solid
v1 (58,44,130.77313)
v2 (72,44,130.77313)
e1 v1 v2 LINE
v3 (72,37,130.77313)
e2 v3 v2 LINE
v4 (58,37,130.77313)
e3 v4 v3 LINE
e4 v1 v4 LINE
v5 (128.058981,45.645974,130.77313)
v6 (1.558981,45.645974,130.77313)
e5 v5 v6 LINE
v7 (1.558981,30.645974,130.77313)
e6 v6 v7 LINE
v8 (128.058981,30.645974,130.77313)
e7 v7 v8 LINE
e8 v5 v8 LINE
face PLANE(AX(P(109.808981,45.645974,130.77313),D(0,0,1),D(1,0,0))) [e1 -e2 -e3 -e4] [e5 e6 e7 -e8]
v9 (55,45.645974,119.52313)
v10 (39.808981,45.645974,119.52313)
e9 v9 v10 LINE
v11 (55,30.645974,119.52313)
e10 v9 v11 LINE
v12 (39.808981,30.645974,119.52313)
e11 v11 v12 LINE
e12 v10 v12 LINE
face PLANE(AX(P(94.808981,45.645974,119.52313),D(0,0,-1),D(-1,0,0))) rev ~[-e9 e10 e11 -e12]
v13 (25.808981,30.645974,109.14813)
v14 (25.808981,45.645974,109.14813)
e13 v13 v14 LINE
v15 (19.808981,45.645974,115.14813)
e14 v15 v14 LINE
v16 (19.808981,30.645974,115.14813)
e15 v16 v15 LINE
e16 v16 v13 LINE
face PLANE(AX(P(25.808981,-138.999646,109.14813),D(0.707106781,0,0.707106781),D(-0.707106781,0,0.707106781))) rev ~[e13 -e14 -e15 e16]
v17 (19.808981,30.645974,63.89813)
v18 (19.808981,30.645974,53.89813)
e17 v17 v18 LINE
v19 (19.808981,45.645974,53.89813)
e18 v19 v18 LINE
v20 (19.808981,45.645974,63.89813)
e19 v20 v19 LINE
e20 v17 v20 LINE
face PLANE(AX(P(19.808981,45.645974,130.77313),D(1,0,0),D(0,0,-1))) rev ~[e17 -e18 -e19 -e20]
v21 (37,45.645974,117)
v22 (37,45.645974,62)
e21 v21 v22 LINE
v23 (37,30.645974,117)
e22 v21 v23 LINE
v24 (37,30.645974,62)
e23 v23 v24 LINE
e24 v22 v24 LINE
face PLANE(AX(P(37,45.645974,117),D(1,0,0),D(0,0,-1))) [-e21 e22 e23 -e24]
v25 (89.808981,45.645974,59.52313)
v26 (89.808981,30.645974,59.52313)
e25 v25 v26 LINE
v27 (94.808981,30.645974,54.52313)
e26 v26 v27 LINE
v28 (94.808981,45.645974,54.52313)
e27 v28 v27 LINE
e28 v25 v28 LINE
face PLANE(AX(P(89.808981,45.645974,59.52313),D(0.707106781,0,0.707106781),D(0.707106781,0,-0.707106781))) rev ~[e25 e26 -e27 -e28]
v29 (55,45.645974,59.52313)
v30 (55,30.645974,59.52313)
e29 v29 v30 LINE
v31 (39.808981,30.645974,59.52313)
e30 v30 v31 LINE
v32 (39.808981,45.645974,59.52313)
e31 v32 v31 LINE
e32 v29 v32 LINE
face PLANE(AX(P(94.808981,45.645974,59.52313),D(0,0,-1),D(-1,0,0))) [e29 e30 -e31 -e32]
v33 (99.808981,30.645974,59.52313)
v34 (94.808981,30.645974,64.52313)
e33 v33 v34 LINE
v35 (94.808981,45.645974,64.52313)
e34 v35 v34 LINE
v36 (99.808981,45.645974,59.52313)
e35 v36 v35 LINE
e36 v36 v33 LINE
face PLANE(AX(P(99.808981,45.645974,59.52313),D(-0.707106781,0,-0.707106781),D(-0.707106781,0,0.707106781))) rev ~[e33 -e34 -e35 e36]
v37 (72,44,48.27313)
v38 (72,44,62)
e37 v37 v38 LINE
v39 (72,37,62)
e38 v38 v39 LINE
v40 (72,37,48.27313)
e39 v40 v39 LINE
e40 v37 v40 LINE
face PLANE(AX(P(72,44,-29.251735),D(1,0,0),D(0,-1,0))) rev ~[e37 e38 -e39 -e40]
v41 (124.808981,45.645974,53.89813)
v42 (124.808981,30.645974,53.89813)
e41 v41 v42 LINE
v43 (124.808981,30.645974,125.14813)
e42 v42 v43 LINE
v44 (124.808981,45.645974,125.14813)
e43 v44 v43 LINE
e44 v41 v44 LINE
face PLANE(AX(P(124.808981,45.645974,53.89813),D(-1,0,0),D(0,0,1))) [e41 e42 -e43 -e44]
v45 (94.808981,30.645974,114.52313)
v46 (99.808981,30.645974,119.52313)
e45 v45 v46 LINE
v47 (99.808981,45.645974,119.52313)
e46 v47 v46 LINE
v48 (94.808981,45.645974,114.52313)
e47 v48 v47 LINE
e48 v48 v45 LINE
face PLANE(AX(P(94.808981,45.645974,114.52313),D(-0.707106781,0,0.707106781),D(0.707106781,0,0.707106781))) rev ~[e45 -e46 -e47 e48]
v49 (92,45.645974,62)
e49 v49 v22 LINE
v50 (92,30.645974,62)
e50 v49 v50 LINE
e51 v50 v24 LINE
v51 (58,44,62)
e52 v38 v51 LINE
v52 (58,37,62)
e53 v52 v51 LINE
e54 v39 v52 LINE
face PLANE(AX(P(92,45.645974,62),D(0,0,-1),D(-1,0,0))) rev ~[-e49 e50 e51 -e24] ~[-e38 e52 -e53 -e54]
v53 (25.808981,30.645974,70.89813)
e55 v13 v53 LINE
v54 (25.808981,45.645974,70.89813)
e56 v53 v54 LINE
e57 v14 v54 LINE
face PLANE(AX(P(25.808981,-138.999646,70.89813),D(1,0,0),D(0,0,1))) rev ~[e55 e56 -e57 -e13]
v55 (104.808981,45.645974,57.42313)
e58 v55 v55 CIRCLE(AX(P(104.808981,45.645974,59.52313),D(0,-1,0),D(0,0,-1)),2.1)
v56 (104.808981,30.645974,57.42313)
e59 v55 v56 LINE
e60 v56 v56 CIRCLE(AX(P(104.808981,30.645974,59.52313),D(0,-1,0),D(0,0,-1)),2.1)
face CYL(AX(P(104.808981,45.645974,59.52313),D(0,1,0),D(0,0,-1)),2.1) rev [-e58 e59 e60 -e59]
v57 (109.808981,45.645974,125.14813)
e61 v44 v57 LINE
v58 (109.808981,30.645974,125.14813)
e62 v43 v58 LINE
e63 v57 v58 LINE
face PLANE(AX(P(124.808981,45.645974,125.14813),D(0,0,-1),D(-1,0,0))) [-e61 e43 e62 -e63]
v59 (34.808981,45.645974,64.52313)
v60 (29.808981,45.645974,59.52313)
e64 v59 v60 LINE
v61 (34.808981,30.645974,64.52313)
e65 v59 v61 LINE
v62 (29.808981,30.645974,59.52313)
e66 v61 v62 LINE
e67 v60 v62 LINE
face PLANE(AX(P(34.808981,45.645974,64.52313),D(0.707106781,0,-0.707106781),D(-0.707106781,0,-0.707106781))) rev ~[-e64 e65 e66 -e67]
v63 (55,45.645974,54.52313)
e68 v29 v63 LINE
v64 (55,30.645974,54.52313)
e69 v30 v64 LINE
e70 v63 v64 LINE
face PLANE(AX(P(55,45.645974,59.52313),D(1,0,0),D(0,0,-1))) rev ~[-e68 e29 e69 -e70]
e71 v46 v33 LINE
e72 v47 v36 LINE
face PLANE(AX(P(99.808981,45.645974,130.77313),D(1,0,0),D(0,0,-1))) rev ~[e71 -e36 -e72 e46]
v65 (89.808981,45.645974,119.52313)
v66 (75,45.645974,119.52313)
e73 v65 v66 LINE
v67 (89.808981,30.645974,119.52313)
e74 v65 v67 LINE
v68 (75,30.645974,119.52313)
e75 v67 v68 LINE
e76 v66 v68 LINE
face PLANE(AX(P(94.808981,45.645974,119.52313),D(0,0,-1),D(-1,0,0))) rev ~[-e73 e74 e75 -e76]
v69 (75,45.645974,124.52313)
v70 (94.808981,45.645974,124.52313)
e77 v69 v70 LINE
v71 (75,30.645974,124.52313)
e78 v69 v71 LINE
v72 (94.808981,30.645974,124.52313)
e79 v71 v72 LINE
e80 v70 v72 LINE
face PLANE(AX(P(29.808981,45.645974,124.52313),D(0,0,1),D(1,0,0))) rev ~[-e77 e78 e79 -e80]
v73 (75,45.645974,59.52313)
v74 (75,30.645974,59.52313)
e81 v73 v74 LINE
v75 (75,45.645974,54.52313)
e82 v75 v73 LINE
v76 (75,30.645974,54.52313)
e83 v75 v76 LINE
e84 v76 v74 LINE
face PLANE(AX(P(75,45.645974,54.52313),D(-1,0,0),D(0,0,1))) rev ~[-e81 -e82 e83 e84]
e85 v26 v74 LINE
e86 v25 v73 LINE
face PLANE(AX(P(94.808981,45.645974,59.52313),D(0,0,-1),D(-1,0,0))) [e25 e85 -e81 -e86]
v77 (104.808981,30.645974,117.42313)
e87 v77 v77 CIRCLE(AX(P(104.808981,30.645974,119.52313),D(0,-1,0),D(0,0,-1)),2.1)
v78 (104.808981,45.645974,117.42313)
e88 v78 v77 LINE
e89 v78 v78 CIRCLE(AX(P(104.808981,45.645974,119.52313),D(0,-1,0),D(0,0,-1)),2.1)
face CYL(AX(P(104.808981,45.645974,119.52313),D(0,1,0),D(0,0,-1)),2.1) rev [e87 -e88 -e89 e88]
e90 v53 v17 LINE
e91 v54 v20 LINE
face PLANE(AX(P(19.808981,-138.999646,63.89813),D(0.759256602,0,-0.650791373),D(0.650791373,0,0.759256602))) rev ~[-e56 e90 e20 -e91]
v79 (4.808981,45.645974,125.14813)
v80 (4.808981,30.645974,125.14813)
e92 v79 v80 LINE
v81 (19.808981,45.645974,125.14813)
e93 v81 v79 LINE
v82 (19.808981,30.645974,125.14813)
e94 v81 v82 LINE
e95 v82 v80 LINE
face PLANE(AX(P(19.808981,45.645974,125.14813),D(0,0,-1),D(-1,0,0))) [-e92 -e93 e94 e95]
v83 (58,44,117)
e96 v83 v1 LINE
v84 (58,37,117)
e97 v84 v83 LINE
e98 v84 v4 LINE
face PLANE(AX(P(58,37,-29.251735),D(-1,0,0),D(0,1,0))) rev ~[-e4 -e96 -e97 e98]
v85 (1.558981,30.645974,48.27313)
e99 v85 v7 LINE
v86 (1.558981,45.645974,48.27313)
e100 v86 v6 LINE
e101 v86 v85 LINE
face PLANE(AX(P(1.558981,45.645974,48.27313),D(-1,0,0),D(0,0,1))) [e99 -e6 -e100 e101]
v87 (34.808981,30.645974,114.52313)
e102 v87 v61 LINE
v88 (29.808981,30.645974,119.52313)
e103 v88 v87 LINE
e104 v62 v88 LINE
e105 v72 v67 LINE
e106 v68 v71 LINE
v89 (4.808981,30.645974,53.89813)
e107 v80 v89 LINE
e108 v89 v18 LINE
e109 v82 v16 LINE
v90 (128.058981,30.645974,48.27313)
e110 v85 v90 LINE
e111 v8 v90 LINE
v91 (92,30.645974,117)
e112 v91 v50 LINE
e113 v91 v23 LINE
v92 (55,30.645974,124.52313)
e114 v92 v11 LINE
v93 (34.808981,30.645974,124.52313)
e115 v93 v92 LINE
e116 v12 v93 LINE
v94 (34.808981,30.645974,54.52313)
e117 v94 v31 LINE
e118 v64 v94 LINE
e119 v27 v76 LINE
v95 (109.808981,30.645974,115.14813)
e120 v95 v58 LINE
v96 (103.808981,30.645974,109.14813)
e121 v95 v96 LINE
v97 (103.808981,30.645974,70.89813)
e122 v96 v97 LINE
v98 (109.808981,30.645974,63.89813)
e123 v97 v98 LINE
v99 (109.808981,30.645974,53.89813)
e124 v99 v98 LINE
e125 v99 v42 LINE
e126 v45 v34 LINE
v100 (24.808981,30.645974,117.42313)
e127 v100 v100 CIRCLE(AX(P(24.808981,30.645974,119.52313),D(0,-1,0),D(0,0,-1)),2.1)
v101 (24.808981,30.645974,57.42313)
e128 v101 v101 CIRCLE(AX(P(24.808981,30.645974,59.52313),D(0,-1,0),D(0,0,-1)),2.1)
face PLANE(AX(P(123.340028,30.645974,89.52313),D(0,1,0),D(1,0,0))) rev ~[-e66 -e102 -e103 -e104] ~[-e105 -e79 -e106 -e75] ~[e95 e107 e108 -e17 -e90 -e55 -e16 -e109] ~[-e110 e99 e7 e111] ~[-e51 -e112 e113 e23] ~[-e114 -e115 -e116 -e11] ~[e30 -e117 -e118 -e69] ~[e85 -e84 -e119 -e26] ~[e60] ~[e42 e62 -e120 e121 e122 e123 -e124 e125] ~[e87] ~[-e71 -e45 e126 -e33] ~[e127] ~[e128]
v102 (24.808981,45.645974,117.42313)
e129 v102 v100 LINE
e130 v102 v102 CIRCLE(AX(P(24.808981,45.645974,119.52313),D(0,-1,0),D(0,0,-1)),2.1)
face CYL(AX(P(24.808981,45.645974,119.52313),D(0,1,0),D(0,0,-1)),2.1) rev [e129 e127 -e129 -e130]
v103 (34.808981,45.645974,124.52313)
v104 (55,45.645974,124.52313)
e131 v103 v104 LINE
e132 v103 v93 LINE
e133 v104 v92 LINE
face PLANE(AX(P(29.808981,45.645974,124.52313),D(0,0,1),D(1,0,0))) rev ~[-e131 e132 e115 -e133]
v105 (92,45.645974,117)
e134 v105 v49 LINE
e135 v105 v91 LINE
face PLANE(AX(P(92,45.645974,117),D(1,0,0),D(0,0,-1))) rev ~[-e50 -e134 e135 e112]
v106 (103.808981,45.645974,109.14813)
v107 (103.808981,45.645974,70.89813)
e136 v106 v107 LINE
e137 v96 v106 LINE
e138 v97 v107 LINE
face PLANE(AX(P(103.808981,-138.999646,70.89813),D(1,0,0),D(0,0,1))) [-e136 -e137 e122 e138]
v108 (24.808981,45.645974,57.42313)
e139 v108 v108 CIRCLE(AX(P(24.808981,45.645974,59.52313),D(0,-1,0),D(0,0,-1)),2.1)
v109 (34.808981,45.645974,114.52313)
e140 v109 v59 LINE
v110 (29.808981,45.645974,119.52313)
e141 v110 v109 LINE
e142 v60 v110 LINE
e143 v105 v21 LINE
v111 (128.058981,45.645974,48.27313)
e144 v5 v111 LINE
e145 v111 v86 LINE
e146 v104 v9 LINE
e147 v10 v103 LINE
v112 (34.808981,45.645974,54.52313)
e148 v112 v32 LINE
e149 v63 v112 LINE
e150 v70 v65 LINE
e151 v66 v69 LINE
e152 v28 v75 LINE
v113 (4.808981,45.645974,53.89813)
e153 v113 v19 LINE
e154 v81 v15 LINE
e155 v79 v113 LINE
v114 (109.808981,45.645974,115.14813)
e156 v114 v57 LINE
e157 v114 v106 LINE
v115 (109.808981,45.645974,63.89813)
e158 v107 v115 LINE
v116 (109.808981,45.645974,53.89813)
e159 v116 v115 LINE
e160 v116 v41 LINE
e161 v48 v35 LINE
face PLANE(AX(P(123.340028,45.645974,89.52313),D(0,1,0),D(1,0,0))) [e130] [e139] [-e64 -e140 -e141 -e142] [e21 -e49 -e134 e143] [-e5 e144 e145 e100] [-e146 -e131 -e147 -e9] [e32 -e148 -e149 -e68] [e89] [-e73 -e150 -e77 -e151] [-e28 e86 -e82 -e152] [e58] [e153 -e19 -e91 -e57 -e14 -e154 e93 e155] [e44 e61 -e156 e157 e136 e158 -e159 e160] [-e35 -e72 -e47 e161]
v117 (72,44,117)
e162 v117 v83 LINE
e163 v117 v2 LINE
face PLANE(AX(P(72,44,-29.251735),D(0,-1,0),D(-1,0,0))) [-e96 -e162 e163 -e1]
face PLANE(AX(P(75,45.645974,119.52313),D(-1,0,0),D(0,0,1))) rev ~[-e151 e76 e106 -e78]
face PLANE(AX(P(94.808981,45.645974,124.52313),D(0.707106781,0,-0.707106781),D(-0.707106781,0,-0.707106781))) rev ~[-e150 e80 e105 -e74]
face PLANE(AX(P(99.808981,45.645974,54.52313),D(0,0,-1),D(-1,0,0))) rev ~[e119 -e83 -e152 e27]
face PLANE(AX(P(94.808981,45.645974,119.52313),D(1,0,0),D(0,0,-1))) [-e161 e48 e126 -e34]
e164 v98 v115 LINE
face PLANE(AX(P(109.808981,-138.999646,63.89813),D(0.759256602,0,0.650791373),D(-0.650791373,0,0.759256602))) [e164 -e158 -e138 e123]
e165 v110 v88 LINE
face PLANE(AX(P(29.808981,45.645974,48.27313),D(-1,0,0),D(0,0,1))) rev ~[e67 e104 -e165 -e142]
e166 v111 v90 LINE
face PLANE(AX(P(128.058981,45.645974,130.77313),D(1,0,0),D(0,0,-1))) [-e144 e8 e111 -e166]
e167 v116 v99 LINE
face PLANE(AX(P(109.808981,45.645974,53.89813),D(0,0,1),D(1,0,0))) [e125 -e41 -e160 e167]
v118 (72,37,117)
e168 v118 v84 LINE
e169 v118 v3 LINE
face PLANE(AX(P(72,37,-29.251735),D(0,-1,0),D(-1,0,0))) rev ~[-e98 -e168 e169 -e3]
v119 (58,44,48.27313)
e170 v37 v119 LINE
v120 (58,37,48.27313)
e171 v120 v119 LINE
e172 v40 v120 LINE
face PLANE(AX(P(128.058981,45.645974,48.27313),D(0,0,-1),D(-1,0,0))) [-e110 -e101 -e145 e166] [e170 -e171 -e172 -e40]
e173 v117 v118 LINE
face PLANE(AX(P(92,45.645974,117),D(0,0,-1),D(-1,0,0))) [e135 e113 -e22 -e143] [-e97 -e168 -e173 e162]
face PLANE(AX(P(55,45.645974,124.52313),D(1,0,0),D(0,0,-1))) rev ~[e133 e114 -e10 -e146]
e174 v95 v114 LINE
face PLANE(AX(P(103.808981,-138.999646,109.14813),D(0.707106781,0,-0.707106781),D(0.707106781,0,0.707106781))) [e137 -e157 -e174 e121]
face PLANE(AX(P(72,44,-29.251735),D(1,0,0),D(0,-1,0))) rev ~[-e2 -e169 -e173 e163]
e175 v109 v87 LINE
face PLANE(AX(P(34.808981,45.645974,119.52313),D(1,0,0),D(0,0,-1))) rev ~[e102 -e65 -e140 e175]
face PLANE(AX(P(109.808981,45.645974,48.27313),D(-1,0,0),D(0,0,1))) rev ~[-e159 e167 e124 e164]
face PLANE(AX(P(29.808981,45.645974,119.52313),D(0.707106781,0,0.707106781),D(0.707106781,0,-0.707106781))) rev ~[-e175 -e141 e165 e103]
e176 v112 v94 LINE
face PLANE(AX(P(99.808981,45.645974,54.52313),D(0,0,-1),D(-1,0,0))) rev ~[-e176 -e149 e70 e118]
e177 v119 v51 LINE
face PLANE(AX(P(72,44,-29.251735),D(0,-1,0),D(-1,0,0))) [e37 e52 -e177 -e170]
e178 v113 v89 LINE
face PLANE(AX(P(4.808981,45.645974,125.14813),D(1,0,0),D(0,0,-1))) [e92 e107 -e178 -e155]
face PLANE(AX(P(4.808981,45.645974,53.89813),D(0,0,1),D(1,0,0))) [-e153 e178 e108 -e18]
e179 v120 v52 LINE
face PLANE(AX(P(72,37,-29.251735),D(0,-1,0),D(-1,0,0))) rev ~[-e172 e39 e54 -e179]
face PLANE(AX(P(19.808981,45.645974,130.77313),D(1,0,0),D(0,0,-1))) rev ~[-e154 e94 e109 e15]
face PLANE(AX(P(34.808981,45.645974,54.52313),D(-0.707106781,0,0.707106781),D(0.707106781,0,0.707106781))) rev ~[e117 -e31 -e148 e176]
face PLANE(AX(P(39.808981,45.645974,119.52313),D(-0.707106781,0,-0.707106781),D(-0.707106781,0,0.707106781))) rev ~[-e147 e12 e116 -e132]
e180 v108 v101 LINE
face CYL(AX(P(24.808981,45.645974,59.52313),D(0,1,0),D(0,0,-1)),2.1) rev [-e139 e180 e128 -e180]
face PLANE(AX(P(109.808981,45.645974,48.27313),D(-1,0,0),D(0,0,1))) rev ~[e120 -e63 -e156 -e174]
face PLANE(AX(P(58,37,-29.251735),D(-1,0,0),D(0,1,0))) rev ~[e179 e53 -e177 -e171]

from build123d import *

# Parameters (mm, degrees)
SKETCH_1_R               = 2.1
SKETCH_1_W               = 60
SKETCH_1_H               = 60
SKETCH_1_W_2             = 55
SKETCH_1_H_2             = 55
EXTRUDE_1_DEPTH          = 15
CUT_EXTRUDE_1_DEPTH      = 160.024864418
CUT_EXTRUDE_1_DEPTH_BACK = 160.024864418
CUT_EXTRUDE_2_DEPTH      = 184.645620758
CUT_EXTRUDE_2_DEPTH_BACK = 184.645620758


with BuildPart() as part:
    # Эскиз1 → Бобышка-Вытянуть1 (new body)
    # profile 1 of 13: a face of its own
    with BuildSketch(Plane(origin=(0, 45.645974268, 0), x_dir=(-1, 0, 0), z_dir=(0, -1, 0))):
        Polygon((-109.808980694, -130.773129836), (-128.058980694, -130.773129836), (-128.058980694, -48.273129836), (-109.808980694, -48.273129836), (-109.808980694, -53.898129836), (-124.808980694, -53.898129836), (-124.808980694, -125.148129836), (-109.808980694, -125.148129836), align=None)
    # profile 2 of 13: a face of its own
    with BuildSketch(Plane(origin=(0, 45.645974268, 0), x_dir=(-1, 0, 0), z_dir=(0, -1, 0))):
        Polygon((-109.808980694, -130.773129836), (-99.808980694, -130.773129836), (-99.808980694, -124.523129836), (-99.808980694, -119.523129836), (-99.808980694, -95.523129836), (-99.808980694, -83.523129836), (-99.808980694, -59.523129836), (-99.808980694, -54.523129836), (-99.808980694, -48.273129836), (-109.808980694, -48.273129836), (-109.808980694, -53.898129836), (-109.808980694, -125.148129836), align=None)
        with Locations(Location((-104.808980694, -119.523129836, 0), (0, 0, 90))):
            Circle(SKETCH_1_R, mode=Mode.SUBTRACT)
        with Locations(Location((-104.808980694, -59.523129836, 0), (0, 0, 90))):
            Circle(SKETCH_1_R, mode=Mode.SUBTRACT)
    # profile 3 of 13: a face of its own
    with BuildSketch(Plane(origin=(0, 45.645974268, 0), x_dir=(-1, 0, 0), z_dir=(0, -1, 0))):
        with Locations((-64.808980694, -89.523129836)):
            Rectangle(SKETCH_1_W, SKETCH_1_H)
        with Locations((-64.5, -89.5)):
            Rectangle(SKETCH_1_W_2, SKETCH_1_H_2, mode=Mode.SUBTRACT)
    # profile 4 of 13: a face of its own
    with BuildSketch(Plane(origin=(0, 45.645974268, 0), x_dir=(-1, 0, 0), z_dir=(0, -1, 0))):
        Polygon((-64.808980694, -124.523129836), (-55, -124.523129836), (-55, -119.523129836), (-75, -119.523129836), (-75, -124.523129836), align=None)
    # profile 5 of 13: a face of its own
    with BuildSketch(Plane(origin=(0, 45.645974268, 0), x_dir=(-1, 0, 0), z_dir=(0, -1, 0))):
        Polygon((-99.808980694, -130.773129836), (-99.808980694, -124.523129836), (-64.808980694, -124.523129836), (-29.808980694, -124.523129836), (-29.808980694, -130.773129836), align=None)
    # profile 6 of 13: a face of its own
    with BuildSketch(Plane(origin=(0, 45.645974268, 0), x_dir=(-1, 0, 0), z_dir=(0, -1, 0))):
        Polygon((-99.808980694, -54.523129836), (-99.808980694, -48.273129836), (-29.808980694, -48.273129836), (-29.808980694, -54.523129836), (-64.808980694, -54.523129836), align=None)
    # profile 7 of 13: a face of its own
    with BuildSketch(Plane(origin=(0, 45.645974268, 0), x_dir=(-1, 0, 0), z_dir=(0, -1, 0))):
        Polygon((-29.808980694, -130.773129836), (-29.808980694, -124.523129836), (-29.808980694, -54.523129836), (-29.808980694, -48.273129836), (-19.808980694, -48.273129836), (-19.808980694, -53.898129836), (-19.808980694, -125.148129836), (-19.808980694, -130.773129836), align=None)
        with Locations(Location((-24.808980694, -119.523129836, 0), (0, 0, 90))):
            Circle(SKETCH_1_R, mode=Mode.SUBTRACT)
        with Locations(Location((-24.808980694, -59.523129836, 0), (0, 0, 90))):
            Circle(SKETCH_1_R, mode=Mode.SUBTRACT)
    # profile 8 of 13: a face of its own
    with BuildSketch(Plane(origin=(0, 45.645974268, 0), x_dir=(-1, 0, 0), z_dir=(0, -1, 0))):
        Polygon((-4.808980694, -125.148129836), (-4.808980694, -53.898129836), (-19.808980694, -53.898129836), (-19.808980694, -48.273129836), (-1.558980694, -48.273129836), (-1.558980694, -130.773129836), (-19.808980694, -130.773129836), (-19.808980694, -125.148129836), align=None)
    # profile 9 of 13: a face of its own
    with BuildSketch(Plane(origin=(0, 45.645974268, 0), x_dir=(-1, 0, 0), z_dir=(0, -1, 0))):
        Polygon((-99.808980694, -119.523129836), (-99.808980694, -124.523129836), (-94.808980694, -124.523129836), (-89.808980694, -119.523129836), (-94.808980694, -119.523129836), (-94.808980694, -114.523129836), align=None)
    # profile 10 of 13: a face of its own
    with BuildSketch(Plane(origin=(0, 45.645974268, 0), x_dir=(-1, 0, 0), z_dir=(0, -1, 0))):
        Polygon((-34.808980694, -124.523129836), (-29.808980694, -124.523129836), (-29.808980694, -119.523129836), (-34.808980694, -114.523129836), (-34.808980694, -119.523129836), (-39.808980694, -119.523129836), align=None)
    # profile 11 of 13: a face of its own
    with BuildSketch(Plane(origin=(0, 45.645974268, 0), x_dir=(-1, 0, 0), z_dir=(0, -1, 0))):
        Polygon((-34.808980694, -64.523129836), (-29.808980694, -59.523129836), (-29.808980694, -54.523129836), (-34.808980694, -54.523129836), (-39.808980694, -59.523129836), (-34.808980694, -59.523129836), align=None)
    # profile 12 of 13: a face of its own
    with BuildSketch(Plane(origin=(0, 45.645974268, 0), x_dir=(-1, 0, 0), z_dir=(0, -1, 0))):
        Polygon((-99.808980694, -54.523129836), (-99.808980694, -59.523129836), (-94.808980694, -64.523129836), (-94.808980694, -59.523129836), (-89.808980694, -59.523129836), (-94.808980694, -54.523129836), align=None)
    # profile 13 of 13: a face of its own
    with BuildSketch(Plane(origin=(0, 45.645974268, 0), x_dir=(-1, 0, 0), z_dir=(0, -1, 0))):
        Polygon((-55, -59.523129836), (-55, -54.523129836), (-64.808980694, -54.523129836), (-75, -54.523129836), (-75, -59.523129836), align=None)
    extrude(amount=EXTRUDE_1_DEPTH)

    # Эскиз2 → Вырез-Вытянуть1 (cut, two sides: drawn at the far end of the back side and taken through both)
    with BuildSketch(Plane.XY.offset(130.773129836).offset(-CUT_EXTRUDE_1_DEPTH_BACK)):
        Polygon((64.808980694, 44), (72, 44), (72, 37), (58, 37), (58, 44), align=None)
    extrude(amount=CUT_EXTRUDE_1_DEPTH + CUT_EXTRUDE_1_DEPTH_BACK, mode=Mode.SUBTRACT)

    # Эскиз3 → Вырез-Вытянуть2 (cut, two sides: drawn at the far end of the back side and taken through both)
    with BuildSketch(Plane(origin=(0, 45.645974268, 0), x_dir=(1, 0, 0), z_dir=(0, 1, 0)).offset(-CUT_EXTRUDE_2_DEPTH_BACK)):
        Polygon((103.808980694, -70.898129836), (103.808980694, -109.148129836), (109.808980694, -115.148129836), (109.808980694, -63.898129836), align=None)
        Polygon((25.808980694, -70.898129836), (25.808980694, -109.148129836), (19.808980694, -115.148129836), (19.808980694, -63.898129836), align=None)
    extrude(amount=CUT_EXTRUDE_2_DEPTH + CUT_EXTRUDE_2_DEPTH_BACK, mode=Mode.SUBTRACT)


solid = part.part
